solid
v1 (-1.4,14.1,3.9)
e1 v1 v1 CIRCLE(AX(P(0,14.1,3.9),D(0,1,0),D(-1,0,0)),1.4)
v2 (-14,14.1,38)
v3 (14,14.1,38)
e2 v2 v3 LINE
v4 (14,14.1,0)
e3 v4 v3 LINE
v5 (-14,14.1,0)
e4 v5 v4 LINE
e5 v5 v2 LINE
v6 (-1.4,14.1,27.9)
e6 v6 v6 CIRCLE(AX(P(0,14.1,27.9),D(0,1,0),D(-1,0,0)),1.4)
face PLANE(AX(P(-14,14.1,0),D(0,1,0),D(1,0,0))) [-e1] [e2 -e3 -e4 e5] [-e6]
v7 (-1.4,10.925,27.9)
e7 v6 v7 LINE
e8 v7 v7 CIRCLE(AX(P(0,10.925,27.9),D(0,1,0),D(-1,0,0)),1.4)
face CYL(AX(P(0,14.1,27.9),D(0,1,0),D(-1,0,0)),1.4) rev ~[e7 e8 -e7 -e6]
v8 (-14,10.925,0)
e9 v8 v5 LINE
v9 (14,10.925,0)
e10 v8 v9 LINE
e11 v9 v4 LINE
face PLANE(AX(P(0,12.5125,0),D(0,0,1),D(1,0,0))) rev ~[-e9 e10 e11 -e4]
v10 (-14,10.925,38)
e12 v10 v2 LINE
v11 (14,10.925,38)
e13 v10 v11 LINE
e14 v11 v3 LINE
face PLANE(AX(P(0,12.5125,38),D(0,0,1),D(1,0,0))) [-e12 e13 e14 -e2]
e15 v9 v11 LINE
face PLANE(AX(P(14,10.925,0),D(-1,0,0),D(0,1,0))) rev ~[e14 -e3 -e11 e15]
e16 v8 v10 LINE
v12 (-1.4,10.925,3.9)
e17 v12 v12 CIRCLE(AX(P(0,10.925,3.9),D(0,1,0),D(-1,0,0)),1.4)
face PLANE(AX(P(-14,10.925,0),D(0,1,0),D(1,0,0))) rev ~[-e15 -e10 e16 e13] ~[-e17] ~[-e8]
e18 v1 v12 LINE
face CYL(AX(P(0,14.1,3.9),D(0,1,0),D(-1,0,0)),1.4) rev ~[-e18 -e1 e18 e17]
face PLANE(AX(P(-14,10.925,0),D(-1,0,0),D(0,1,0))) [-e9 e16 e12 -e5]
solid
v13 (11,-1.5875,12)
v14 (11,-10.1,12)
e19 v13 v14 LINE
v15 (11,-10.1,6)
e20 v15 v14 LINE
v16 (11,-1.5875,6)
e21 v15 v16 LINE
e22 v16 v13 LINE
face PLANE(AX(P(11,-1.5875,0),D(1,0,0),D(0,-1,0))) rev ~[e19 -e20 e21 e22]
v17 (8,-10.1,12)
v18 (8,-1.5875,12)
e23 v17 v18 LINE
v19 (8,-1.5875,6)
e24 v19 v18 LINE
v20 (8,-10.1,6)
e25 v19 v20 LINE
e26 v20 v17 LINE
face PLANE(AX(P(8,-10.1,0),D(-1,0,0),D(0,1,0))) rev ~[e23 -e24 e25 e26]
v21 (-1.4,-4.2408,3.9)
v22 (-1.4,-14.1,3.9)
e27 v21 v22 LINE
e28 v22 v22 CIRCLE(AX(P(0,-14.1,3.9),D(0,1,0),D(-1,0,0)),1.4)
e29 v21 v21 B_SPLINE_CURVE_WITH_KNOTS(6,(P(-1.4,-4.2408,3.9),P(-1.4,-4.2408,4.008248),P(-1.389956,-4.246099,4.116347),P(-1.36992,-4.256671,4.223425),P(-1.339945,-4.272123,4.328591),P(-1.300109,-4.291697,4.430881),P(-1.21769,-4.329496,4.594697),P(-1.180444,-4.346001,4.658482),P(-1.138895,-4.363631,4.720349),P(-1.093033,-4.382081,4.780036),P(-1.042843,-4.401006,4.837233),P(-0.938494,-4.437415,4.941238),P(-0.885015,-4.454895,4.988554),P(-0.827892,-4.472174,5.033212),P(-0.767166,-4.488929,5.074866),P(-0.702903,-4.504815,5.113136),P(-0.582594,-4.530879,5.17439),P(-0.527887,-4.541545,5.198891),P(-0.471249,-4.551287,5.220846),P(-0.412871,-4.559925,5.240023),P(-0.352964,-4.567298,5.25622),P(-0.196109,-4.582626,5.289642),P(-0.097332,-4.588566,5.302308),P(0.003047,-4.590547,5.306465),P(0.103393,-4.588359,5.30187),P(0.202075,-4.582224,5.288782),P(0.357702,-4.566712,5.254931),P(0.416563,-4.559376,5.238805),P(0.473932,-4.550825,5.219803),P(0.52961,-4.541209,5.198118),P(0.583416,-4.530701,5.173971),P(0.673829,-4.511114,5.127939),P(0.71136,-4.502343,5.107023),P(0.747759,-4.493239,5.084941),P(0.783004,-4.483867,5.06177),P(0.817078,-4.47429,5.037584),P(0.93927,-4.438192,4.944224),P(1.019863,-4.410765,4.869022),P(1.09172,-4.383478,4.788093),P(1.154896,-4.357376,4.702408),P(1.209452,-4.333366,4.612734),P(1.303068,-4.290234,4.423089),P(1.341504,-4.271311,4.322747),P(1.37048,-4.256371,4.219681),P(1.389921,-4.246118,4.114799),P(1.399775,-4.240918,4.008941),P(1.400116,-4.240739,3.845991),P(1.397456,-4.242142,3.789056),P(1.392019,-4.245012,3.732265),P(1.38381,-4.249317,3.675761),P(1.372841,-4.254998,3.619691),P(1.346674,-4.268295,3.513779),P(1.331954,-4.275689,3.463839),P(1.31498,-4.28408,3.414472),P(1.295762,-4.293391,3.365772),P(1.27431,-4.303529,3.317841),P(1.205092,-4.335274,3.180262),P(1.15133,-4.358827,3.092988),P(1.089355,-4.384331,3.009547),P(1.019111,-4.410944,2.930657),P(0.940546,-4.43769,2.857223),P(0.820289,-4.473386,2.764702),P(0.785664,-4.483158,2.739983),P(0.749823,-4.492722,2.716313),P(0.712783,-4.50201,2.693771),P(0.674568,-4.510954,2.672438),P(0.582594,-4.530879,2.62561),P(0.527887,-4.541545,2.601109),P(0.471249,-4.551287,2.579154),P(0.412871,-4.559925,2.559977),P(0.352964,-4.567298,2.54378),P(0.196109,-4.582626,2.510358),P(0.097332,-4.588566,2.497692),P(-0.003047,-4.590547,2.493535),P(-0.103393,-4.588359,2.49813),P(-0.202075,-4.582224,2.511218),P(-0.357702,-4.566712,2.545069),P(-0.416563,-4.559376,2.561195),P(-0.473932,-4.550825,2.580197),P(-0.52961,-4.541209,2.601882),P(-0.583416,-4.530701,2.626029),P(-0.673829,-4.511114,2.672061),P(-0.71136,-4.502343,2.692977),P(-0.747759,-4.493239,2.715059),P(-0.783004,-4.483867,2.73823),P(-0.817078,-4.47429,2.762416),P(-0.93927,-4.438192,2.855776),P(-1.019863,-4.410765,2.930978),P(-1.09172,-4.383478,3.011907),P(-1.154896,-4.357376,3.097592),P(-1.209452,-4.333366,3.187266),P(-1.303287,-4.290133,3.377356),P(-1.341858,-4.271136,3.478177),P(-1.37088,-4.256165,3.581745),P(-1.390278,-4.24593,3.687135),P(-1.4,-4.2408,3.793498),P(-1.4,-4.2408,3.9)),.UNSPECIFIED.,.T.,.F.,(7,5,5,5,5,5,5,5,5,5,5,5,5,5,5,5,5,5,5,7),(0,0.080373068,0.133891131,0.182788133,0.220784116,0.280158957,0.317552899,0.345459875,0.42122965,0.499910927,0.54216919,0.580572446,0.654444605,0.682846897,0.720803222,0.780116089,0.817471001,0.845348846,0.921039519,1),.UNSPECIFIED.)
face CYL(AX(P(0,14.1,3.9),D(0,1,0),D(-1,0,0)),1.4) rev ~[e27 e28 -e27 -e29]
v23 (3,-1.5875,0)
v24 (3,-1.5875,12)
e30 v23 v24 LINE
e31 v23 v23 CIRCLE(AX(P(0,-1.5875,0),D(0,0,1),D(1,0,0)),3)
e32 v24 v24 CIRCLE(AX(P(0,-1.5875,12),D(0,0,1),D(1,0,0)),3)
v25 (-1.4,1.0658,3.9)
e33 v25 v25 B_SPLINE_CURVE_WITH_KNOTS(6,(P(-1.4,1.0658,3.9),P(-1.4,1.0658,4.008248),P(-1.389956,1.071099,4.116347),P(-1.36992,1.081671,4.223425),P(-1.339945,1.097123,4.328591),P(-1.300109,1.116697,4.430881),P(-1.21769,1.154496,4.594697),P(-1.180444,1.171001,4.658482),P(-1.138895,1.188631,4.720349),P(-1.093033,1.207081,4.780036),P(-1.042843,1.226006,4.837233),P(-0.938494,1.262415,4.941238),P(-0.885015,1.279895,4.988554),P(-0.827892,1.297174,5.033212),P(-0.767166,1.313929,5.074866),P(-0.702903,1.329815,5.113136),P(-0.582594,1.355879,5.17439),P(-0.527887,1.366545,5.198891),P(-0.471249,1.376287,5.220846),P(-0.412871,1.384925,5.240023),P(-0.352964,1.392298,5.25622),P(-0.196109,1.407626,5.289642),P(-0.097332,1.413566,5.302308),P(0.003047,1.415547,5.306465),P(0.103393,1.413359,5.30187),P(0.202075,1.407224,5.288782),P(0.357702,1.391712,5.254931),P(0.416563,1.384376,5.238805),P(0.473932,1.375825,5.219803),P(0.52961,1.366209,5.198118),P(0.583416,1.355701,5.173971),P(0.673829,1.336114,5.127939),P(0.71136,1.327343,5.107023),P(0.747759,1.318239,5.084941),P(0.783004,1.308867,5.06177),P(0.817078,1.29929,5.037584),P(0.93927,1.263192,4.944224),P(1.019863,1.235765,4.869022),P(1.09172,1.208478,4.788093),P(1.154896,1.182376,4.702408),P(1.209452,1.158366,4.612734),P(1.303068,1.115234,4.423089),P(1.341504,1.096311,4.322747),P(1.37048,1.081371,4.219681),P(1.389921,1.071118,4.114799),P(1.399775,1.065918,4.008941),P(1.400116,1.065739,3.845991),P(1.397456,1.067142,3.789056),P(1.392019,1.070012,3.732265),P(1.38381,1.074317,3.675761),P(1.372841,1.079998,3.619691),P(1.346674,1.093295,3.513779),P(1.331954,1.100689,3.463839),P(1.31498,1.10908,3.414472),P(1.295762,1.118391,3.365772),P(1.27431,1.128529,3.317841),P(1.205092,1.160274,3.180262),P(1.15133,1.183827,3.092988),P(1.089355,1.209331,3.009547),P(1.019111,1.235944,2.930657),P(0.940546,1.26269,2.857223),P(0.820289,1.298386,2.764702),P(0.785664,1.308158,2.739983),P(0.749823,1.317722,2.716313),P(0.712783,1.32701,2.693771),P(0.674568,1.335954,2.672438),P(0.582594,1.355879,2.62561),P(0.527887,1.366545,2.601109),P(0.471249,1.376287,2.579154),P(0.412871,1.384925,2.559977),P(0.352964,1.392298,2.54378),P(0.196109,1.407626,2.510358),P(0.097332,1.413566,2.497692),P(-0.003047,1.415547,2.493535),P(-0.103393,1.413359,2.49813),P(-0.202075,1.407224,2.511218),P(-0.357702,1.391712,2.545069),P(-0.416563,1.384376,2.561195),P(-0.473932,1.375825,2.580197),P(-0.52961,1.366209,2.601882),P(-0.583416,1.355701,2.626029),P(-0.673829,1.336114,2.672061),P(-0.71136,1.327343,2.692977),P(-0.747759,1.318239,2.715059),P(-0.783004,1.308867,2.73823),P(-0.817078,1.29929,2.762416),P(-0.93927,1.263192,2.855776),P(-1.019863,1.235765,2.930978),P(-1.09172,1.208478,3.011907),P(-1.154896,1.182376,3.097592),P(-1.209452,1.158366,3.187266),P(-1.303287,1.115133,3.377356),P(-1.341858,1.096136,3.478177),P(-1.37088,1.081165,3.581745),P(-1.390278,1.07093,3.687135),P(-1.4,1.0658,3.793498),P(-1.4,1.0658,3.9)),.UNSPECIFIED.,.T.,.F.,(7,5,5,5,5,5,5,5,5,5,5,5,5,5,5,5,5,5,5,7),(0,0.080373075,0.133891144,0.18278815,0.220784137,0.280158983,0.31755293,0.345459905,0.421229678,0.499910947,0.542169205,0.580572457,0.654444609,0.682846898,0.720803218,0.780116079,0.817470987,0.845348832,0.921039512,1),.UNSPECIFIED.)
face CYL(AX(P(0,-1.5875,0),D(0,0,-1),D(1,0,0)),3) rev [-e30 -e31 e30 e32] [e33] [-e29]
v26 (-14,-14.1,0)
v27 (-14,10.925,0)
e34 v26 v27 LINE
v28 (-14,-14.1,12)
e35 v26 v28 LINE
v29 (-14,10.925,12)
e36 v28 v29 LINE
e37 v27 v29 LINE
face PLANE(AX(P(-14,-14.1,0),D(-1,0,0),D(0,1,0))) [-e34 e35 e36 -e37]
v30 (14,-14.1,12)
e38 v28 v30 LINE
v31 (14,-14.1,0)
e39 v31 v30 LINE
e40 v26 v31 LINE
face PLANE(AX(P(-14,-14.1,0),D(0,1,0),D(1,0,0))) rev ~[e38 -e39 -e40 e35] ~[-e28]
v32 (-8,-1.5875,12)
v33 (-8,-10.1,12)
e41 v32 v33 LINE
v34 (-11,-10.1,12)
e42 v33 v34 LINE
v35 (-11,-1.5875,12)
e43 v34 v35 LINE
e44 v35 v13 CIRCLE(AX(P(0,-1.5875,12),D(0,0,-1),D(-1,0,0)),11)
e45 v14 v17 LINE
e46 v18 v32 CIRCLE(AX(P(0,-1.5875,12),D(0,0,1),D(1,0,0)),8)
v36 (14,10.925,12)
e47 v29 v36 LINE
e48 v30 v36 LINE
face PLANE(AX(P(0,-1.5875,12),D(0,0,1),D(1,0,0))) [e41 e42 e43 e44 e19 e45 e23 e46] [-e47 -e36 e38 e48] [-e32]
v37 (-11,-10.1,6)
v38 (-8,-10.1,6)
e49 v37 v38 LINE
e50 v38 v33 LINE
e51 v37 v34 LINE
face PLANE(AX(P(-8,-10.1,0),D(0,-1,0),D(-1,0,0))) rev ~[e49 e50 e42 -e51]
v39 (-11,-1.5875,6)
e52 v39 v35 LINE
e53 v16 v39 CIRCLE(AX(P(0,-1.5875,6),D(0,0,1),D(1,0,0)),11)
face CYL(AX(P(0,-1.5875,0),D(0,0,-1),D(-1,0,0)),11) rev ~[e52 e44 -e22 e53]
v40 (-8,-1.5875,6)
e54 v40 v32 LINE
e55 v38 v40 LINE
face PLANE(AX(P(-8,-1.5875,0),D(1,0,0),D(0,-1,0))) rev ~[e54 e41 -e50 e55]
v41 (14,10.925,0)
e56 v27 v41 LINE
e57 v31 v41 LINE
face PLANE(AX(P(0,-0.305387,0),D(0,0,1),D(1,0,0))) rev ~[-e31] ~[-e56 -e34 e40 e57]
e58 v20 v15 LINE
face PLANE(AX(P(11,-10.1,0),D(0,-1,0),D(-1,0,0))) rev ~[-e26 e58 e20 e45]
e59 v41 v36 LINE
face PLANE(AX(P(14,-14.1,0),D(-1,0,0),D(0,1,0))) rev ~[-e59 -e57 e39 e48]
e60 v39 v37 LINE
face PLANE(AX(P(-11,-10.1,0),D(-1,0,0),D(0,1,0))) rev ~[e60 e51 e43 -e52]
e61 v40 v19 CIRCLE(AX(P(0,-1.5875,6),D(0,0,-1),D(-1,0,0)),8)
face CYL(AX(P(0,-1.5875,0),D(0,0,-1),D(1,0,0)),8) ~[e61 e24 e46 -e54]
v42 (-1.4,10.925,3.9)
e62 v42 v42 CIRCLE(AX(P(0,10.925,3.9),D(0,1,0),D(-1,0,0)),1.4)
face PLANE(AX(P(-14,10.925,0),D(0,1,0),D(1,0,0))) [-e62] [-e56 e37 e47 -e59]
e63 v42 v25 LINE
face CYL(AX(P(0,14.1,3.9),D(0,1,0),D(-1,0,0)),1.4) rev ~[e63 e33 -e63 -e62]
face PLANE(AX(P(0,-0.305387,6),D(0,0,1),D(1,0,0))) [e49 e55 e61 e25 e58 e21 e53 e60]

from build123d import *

# Parameters (mm, degrees)
F0_W     = 28
F0_H     = 25.025
F0_R     = 3
F1_DEPTH = 12
F2_DEPTH = 6
F0_H_2   = 3.175
F3_DEPTH = 38
F4_R     = 1.4
F5_DEPTH = 28.201


with BuildPart() as f1:
    # F0 (on Top) → F1 (new body)
    with BuildSketch(Plane.XY):
        with Locations((0, -1.5875)):
            Rectangle(F0_W, F0_H)
        with Locations((0, -1.5875)):
            Circle(F0_R, mode=Mode.SUBTRACT)
        with BuildLine():
            Line((-11, -10.1), (-11, -1.5875))
            ThreePointArc((-11, -1.5875), (0, 9.4125), (11, -1.5875))
            Line((11, -1.5875), (11, -10.1))
            Line((11, -10.1), (8, -10.1))
            Line((8, -10.1), (8, -1.5875))
            ThreePointArc((8, -1.5875), (0, 6.4125), (-8, -1.5875))
            Line((-8, -1.5875), (-8, -10.1))
            Line((-8, -10.1), (-11, -10.1))
        make_face(mode=Mode.SUBTRACT)
    extrude(amount=F1_DEPTH)

    # F0 (on Top) → F2 (join)
    with BuildSketch(Plane.XY):
        with BuildLine():
            ThreePointArc((11, -1.5875), (0, 9.4125), (-11, -1.5875))
            Line((-11, -1.5875), (-11, -10.1))
            Line((-11, -10.1), (-8, -10.1))
            Line((-8, -10.1), (-8, -1.5875))
            ThreePointArc((-8, -1.5875), (0, 6.4125), (8, -1.5875))
            Line((8, -1.5875), (8, -10.1))
            Line((8, -10.1), (11, -10.1))
            Line((11, -10.1), (11, -1.5875))
        make_face()
    extrude(amount=F2_DEPTH)


with BuildPart() as f3:
    # F0 (on Top) → F3 (new body)
    with BuildSketch(Plane.XY):
        with Locations((0, 12.5125)):
            Rectangle(F0_W, F0_H_2)
    extrude(amount=F3_DEPTH)


with BuildPart() as f5_tool:
    # F4 (on face) → F5 (new body, through all)
    with BuildSketch(Plane(origin=(0, 14.1, 0), x_dir=(-1, 0, 0), z_dir=(0, 1, 0))):
        with Locations((0, 27.9)):
            Circle(F4_R)
        with Locations((0, 3.9)):
            Circle(F4_R)
    extrude(amount=-F5_DEPTH)


with BuildPart() as f1_1:
    add(f1.part)

    # F5: cut by f5_tool
    add(f5_tool.part, mode=Mode.SUBTRACT)


with BuildPart() as f3_1:
    add(f3.part)

    # F5: cut by f5_tool
    add(f5_tool.part, mode=Mode.SUBTRACT)


solid = Compound([f1_1.part, f3_1.part])
